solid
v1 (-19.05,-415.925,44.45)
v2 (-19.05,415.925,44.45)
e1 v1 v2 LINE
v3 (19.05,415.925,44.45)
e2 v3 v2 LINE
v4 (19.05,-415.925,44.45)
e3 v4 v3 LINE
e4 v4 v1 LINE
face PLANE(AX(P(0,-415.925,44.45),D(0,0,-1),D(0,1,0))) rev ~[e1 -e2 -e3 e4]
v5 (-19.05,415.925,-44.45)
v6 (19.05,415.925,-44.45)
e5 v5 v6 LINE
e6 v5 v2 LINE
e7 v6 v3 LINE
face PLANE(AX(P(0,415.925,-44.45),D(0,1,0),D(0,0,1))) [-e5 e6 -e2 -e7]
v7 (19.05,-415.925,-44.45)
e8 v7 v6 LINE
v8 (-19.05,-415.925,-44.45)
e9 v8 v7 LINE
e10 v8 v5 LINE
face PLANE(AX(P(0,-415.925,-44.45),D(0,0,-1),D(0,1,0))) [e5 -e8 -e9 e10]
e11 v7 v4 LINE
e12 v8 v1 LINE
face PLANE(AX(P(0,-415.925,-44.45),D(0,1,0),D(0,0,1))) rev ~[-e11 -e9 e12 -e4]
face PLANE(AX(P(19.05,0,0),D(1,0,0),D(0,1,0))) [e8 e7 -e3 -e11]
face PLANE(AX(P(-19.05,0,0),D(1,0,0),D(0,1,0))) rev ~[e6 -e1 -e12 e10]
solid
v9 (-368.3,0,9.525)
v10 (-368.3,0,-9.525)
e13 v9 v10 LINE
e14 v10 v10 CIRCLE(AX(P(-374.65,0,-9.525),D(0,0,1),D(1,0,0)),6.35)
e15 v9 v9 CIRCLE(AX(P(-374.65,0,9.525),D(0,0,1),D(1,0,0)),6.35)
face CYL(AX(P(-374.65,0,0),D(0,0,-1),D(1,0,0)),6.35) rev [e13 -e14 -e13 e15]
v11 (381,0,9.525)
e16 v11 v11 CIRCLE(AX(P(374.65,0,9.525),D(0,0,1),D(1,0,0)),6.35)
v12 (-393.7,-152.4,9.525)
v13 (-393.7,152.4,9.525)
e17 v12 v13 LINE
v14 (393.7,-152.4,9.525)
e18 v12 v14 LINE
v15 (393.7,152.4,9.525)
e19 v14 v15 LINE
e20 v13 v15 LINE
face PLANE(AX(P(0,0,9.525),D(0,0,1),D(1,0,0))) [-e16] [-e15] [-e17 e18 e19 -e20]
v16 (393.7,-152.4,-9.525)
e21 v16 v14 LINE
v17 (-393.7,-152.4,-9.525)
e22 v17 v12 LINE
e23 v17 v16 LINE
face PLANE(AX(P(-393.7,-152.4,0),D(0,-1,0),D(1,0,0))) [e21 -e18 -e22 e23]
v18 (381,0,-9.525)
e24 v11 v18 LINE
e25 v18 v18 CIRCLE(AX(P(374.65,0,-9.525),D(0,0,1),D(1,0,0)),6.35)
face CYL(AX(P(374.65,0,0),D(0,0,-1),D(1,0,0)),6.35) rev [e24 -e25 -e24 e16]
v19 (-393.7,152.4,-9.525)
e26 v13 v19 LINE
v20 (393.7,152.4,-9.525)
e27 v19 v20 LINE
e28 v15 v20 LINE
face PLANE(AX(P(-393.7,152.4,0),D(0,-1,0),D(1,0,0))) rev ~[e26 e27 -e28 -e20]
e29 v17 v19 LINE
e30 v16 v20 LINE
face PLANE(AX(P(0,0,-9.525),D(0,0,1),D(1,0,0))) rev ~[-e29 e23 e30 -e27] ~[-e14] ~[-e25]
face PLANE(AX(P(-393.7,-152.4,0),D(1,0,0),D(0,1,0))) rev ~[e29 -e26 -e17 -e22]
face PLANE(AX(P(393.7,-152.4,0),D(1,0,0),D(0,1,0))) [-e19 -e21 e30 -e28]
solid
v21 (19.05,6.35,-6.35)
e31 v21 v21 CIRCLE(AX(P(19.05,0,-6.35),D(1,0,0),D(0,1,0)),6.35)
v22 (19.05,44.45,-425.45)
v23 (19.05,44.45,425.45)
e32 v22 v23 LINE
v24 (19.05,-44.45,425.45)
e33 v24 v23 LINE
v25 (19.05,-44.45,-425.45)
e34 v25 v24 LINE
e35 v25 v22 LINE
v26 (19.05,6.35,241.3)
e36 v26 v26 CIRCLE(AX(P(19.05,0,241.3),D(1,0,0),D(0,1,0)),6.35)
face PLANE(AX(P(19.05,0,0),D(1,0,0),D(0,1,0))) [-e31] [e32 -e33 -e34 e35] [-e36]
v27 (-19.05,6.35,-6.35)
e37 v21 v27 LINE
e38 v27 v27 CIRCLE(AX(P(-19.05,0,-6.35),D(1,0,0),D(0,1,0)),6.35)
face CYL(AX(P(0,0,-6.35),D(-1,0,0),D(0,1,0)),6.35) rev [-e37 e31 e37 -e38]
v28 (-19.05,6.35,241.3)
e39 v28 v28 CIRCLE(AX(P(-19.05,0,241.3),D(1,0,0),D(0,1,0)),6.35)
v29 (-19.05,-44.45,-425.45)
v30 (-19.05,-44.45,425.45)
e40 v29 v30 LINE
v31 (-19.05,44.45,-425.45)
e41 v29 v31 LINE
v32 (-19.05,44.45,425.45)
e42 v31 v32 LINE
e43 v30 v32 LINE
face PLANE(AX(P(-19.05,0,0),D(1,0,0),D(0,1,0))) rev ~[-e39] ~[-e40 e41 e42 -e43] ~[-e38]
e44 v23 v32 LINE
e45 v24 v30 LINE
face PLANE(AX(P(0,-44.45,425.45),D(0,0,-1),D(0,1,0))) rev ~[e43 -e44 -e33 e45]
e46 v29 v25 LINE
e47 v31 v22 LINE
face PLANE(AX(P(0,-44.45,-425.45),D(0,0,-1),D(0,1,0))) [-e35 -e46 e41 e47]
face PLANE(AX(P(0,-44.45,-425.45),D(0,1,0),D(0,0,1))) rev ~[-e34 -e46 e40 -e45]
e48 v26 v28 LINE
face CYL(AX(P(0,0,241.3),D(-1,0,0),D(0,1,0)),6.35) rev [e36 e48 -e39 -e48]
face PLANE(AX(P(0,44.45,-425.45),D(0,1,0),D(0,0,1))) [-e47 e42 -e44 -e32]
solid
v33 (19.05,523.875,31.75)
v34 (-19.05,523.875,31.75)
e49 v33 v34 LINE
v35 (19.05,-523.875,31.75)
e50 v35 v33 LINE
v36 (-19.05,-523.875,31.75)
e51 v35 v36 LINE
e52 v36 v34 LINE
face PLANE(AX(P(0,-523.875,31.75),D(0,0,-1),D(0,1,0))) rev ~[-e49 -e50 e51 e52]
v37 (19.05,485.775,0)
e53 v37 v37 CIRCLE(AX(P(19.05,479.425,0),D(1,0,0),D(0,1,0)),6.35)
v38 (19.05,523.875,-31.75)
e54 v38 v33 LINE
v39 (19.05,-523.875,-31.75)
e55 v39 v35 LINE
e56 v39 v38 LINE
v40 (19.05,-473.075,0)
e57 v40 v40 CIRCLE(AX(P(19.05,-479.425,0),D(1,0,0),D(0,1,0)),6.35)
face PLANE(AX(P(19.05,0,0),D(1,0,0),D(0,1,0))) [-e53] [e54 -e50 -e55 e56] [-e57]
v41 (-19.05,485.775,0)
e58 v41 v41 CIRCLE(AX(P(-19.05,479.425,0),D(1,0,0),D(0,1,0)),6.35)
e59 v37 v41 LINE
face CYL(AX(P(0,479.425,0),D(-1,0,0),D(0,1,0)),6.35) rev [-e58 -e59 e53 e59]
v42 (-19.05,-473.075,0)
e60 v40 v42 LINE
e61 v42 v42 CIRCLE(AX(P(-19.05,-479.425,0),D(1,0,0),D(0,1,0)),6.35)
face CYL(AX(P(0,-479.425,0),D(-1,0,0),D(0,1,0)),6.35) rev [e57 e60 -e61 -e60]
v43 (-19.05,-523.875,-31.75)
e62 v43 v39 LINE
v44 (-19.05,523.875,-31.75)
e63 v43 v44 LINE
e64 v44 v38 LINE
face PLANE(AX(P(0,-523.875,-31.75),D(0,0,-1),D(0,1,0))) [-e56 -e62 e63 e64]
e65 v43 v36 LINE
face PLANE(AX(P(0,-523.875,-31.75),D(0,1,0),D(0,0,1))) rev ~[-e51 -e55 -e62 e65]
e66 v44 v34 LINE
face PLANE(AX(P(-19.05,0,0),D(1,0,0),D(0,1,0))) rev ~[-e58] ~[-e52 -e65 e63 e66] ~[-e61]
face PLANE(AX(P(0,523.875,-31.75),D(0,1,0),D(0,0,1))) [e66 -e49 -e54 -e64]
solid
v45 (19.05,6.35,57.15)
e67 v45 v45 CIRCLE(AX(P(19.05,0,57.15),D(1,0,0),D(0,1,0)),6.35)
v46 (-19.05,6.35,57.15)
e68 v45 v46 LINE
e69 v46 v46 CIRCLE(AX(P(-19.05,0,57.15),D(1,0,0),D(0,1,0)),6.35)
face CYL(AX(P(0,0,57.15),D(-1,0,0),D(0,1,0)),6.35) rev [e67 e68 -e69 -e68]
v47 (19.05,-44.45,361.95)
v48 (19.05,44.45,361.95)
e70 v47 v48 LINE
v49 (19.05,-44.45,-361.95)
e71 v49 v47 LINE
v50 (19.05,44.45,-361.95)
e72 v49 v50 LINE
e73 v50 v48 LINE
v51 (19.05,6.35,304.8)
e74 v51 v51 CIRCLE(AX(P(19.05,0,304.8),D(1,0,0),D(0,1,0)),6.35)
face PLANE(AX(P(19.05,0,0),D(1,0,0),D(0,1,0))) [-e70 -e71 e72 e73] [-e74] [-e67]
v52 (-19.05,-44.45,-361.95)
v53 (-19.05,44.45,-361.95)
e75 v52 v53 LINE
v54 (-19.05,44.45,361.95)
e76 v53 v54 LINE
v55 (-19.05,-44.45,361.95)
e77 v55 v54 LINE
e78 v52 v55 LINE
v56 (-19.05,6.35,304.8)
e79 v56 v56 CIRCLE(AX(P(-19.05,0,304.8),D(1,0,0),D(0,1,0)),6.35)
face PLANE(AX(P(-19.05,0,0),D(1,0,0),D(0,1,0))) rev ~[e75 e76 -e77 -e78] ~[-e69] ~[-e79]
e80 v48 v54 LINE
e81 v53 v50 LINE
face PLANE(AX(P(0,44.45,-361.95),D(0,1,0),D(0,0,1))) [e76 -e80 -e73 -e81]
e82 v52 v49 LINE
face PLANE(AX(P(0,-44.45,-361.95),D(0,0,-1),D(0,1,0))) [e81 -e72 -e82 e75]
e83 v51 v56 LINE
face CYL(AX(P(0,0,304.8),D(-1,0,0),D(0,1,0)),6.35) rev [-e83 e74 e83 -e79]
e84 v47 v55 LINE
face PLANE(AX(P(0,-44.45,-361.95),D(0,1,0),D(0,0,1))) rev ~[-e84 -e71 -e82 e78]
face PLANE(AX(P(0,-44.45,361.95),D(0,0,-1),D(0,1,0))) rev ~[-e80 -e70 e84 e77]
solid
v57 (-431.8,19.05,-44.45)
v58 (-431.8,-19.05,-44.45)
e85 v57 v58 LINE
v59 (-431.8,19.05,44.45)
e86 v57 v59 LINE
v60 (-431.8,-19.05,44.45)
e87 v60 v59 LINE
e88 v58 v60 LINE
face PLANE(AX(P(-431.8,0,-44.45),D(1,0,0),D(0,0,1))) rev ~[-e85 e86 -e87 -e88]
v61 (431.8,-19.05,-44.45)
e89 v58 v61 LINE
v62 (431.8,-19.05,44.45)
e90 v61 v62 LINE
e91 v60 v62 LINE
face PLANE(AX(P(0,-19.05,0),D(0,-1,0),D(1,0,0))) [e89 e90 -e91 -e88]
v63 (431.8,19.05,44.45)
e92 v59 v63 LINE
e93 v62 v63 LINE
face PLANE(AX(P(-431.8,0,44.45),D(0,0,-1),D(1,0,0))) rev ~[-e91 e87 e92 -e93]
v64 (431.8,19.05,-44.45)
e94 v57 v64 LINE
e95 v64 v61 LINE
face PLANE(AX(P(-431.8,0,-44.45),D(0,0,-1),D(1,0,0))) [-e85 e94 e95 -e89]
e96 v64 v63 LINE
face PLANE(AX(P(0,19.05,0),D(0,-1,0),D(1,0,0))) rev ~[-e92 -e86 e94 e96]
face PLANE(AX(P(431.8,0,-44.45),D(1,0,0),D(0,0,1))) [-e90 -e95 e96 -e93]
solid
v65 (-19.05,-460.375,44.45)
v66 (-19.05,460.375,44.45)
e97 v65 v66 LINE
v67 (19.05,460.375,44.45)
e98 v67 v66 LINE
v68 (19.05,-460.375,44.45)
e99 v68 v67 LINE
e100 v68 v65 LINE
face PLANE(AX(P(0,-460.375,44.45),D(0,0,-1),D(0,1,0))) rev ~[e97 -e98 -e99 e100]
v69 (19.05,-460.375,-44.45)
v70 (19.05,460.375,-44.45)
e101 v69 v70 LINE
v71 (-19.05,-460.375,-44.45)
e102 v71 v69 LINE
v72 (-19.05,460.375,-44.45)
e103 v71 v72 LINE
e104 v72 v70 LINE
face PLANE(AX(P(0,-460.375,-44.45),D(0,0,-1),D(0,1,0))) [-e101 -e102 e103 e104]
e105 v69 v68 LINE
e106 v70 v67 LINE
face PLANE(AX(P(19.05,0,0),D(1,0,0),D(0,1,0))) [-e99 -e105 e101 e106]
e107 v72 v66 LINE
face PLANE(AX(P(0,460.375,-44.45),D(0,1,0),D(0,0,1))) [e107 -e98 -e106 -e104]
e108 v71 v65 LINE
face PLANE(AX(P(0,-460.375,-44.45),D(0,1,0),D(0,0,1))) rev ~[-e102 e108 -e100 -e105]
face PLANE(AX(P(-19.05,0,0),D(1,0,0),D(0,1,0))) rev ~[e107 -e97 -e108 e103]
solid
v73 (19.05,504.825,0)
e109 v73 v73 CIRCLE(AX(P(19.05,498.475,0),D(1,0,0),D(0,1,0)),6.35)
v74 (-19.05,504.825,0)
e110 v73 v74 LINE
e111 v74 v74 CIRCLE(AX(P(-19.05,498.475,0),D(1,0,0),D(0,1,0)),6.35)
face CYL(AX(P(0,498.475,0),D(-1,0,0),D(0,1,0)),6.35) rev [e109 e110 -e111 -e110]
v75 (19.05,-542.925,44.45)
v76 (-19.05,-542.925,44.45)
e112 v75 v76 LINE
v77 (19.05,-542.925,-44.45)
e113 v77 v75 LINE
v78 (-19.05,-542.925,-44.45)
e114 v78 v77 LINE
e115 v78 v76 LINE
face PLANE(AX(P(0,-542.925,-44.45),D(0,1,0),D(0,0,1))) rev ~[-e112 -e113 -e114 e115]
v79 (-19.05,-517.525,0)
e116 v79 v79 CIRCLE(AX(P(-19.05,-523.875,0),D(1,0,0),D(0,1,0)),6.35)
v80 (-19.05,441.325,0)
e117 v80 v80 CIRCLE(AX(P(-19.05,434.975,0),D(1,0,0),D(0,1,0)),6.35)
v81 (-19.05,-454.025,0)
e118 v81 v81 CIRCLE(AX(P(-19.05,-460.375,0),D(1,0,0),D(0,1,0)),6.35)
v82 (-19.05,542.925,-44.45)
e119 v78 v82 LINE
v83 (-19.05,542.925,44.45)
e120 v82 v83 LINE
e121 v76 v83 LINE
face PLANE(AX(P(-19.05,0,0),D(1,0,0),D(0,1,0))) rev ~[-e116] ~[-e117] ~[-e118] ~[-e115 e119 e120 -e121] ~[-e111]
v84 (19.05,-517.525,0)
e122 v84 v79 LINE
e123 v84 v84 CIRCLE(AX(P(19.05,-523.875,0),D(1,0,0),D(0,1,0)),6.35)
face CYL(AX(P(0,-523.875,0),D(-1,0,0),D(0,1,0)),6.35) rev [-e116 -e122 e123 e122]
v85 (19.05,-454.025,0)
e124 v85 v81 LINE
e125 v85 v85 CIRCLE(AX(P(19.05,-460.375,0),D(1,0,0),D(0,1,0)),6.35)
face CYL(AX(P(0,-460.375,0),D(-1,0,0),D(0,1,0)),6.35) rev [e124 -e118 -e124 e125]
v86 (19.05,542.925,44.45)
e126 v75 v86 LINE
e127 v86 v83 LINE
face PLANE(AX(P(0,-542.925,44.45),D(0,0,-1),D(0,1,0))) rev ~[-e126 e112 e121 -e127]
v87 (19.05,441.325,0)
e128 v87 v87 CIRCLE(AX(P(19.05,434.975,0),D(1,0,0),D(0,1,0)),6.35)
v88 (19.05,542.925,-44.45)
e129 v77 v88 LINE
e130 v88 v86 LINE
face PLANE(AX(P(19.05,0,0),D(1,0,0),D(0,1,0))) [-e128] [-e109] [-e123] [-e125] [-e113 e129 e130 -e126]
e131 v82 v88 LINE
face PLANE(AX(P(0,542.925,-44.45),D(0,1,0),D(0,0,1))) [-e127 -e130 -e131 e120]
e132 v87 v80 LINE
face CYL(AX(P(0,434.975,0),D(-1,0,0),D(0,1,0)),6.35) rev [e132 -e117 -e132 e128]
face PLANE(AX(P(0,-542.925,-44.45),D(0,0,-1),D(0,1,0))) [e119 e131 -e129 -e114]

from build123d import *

# Parameters (mm, degrees)
F0_W      = 863.6
F0_H      = 88.9
F1_DEPTH  = 19.05
F2_W      = 1085.85
F2_H      = 88.9
F2_R      = 6.35
F3_DEPTH  = 19.05
F4_W      = 88.9
F4_H      = 723.9
F4_R      = 6.35
F5_DEPTH  = 19.05
F6_W      = 88.9
F6_H      = 850.9
F6_R      = 6.35
F7_DEPTH  = 19.05
F8_W      = 787.4
F8_H      = 304.8
F8_R      = 6.35
F9_DEPTH  = 9.525
F10_W     = 1047.75
F10_H     = 63.5
F10_R     = 6.35
F11_DEPTH = 19.05
F12_W     = 920.75
F12_H     = 88.9
F13_DEPTH = 19.05
F14_W     = 831.85
F14_H     = 88.9
F15_DEPTH = 19.05


with BuildPart() as f1:
    # F0 (on Front) → F1 (new body, symmetric)
    with BuildSketch(Plane.XZ):
        Rectangle(F0_W, F0_H)
    extrude(amount=F1_DEPTH, both=True)


with BuildPart() as f3:
    # F2 (on Right) → F3 (new body, symmetric)
    with BuildSketch(Plane.YZ):
        Rectangle(F2_W, F2_H)
        with Locations((-523.875, 0)):
            Circle(F2_R, mode=Mode.SUBTRACT)
        with Locations((-460.375, 0)):
            Circle(F2_R, mode=Mode.SUBTRACT)
        with Locations((434.975, 0)):
            Circle(F2_R, mode=Mode.SUBTRACT)
        with Locations((498.475, 0)):
            Circle(F2_R, mode=Mode.SUBTRACT)
    extrude(amount=F3_DEPTH, both=True)


with BuildPart() as f5:
    # F4 (on Right) → F5 (new body, symmetric)
    with BuildSketch(Plane.YZ):
        Rectangle(F4_W, F4_H)
        with Locations((0, 57.15)):
            Circle(F4_R, mode=Mode.SUBTRACT)
        with Locations((0, 304.8)):
            Circle(F4_R, mode=Mode.SUBTRACT)
    extrude(amount=F5_DEPTH, both=True)


with BuildPart() as f7:
    # F6 (on Right) → F7 (new body, symmetric)
    with BuildSketch(Plane.YZ):
        Rectangle(F6_W, F6_H)
        with Locations((0, -6.35)):
            Circle(F6_R, mode=Mode.SUBTRACT)
        with Locations((0, 241.3)):
            Circle(F6_R, mode=Mode.SUBTRACT)
    extrude(amount=F7_DEPTH, both=True)


with BuildPart() as f9:
    # F8 (on Top) → F9 (new body, symmetric)
    with BuildSketch(Plane.XY):
        Rectangle(F8_W, F8_H)
        with Locations((-374.65, 0)):
            Circle(F8_R, mode=Mode.SUBTRACT)
        with Locations((374.65, 0)):
            Circle(F8_R, mode=Mode.SUBTRACT)
    extrude(amount=F9_DEPTH, both=True)


with BuildPart() as f11:
    # F10 (on Right) → F11 (new body, symmetric)
    with BuildSketch(Plane.YZ):
        Rectangle(F10_W, F10_H)
        with Locations((-479.425, 0)):
            Circle(F10_R, mode=Mode.SUBTRACT)
        with Locations((479.425, 0)):
            Circle(F10_R, mode=Mode.SUBTRACT)
    extrude(amount=F11_DEPTH, both=True)


with BuildPart() as f13:
    # F12 (on Right) → F13 (new body, symmetric)
    with BuildSketch(Plane.YZ):
        Rectangle(F12_W, F12_H)
    extrude(amount=F13_DEPTH, both=True)


with BuildPart() as f15:
    # F14 (on Right) → F15 (new body, symmetric)
    with BuildSketch(Plane.YZ):
        Rectangle(F14_W, F14_H)
    extrude(amount=F15_DEPTH, both=True)


solid = Compound([f1.part, f3.part, f5.part, f7.part, f9.part, f11.part, f13.part, f15.part])
